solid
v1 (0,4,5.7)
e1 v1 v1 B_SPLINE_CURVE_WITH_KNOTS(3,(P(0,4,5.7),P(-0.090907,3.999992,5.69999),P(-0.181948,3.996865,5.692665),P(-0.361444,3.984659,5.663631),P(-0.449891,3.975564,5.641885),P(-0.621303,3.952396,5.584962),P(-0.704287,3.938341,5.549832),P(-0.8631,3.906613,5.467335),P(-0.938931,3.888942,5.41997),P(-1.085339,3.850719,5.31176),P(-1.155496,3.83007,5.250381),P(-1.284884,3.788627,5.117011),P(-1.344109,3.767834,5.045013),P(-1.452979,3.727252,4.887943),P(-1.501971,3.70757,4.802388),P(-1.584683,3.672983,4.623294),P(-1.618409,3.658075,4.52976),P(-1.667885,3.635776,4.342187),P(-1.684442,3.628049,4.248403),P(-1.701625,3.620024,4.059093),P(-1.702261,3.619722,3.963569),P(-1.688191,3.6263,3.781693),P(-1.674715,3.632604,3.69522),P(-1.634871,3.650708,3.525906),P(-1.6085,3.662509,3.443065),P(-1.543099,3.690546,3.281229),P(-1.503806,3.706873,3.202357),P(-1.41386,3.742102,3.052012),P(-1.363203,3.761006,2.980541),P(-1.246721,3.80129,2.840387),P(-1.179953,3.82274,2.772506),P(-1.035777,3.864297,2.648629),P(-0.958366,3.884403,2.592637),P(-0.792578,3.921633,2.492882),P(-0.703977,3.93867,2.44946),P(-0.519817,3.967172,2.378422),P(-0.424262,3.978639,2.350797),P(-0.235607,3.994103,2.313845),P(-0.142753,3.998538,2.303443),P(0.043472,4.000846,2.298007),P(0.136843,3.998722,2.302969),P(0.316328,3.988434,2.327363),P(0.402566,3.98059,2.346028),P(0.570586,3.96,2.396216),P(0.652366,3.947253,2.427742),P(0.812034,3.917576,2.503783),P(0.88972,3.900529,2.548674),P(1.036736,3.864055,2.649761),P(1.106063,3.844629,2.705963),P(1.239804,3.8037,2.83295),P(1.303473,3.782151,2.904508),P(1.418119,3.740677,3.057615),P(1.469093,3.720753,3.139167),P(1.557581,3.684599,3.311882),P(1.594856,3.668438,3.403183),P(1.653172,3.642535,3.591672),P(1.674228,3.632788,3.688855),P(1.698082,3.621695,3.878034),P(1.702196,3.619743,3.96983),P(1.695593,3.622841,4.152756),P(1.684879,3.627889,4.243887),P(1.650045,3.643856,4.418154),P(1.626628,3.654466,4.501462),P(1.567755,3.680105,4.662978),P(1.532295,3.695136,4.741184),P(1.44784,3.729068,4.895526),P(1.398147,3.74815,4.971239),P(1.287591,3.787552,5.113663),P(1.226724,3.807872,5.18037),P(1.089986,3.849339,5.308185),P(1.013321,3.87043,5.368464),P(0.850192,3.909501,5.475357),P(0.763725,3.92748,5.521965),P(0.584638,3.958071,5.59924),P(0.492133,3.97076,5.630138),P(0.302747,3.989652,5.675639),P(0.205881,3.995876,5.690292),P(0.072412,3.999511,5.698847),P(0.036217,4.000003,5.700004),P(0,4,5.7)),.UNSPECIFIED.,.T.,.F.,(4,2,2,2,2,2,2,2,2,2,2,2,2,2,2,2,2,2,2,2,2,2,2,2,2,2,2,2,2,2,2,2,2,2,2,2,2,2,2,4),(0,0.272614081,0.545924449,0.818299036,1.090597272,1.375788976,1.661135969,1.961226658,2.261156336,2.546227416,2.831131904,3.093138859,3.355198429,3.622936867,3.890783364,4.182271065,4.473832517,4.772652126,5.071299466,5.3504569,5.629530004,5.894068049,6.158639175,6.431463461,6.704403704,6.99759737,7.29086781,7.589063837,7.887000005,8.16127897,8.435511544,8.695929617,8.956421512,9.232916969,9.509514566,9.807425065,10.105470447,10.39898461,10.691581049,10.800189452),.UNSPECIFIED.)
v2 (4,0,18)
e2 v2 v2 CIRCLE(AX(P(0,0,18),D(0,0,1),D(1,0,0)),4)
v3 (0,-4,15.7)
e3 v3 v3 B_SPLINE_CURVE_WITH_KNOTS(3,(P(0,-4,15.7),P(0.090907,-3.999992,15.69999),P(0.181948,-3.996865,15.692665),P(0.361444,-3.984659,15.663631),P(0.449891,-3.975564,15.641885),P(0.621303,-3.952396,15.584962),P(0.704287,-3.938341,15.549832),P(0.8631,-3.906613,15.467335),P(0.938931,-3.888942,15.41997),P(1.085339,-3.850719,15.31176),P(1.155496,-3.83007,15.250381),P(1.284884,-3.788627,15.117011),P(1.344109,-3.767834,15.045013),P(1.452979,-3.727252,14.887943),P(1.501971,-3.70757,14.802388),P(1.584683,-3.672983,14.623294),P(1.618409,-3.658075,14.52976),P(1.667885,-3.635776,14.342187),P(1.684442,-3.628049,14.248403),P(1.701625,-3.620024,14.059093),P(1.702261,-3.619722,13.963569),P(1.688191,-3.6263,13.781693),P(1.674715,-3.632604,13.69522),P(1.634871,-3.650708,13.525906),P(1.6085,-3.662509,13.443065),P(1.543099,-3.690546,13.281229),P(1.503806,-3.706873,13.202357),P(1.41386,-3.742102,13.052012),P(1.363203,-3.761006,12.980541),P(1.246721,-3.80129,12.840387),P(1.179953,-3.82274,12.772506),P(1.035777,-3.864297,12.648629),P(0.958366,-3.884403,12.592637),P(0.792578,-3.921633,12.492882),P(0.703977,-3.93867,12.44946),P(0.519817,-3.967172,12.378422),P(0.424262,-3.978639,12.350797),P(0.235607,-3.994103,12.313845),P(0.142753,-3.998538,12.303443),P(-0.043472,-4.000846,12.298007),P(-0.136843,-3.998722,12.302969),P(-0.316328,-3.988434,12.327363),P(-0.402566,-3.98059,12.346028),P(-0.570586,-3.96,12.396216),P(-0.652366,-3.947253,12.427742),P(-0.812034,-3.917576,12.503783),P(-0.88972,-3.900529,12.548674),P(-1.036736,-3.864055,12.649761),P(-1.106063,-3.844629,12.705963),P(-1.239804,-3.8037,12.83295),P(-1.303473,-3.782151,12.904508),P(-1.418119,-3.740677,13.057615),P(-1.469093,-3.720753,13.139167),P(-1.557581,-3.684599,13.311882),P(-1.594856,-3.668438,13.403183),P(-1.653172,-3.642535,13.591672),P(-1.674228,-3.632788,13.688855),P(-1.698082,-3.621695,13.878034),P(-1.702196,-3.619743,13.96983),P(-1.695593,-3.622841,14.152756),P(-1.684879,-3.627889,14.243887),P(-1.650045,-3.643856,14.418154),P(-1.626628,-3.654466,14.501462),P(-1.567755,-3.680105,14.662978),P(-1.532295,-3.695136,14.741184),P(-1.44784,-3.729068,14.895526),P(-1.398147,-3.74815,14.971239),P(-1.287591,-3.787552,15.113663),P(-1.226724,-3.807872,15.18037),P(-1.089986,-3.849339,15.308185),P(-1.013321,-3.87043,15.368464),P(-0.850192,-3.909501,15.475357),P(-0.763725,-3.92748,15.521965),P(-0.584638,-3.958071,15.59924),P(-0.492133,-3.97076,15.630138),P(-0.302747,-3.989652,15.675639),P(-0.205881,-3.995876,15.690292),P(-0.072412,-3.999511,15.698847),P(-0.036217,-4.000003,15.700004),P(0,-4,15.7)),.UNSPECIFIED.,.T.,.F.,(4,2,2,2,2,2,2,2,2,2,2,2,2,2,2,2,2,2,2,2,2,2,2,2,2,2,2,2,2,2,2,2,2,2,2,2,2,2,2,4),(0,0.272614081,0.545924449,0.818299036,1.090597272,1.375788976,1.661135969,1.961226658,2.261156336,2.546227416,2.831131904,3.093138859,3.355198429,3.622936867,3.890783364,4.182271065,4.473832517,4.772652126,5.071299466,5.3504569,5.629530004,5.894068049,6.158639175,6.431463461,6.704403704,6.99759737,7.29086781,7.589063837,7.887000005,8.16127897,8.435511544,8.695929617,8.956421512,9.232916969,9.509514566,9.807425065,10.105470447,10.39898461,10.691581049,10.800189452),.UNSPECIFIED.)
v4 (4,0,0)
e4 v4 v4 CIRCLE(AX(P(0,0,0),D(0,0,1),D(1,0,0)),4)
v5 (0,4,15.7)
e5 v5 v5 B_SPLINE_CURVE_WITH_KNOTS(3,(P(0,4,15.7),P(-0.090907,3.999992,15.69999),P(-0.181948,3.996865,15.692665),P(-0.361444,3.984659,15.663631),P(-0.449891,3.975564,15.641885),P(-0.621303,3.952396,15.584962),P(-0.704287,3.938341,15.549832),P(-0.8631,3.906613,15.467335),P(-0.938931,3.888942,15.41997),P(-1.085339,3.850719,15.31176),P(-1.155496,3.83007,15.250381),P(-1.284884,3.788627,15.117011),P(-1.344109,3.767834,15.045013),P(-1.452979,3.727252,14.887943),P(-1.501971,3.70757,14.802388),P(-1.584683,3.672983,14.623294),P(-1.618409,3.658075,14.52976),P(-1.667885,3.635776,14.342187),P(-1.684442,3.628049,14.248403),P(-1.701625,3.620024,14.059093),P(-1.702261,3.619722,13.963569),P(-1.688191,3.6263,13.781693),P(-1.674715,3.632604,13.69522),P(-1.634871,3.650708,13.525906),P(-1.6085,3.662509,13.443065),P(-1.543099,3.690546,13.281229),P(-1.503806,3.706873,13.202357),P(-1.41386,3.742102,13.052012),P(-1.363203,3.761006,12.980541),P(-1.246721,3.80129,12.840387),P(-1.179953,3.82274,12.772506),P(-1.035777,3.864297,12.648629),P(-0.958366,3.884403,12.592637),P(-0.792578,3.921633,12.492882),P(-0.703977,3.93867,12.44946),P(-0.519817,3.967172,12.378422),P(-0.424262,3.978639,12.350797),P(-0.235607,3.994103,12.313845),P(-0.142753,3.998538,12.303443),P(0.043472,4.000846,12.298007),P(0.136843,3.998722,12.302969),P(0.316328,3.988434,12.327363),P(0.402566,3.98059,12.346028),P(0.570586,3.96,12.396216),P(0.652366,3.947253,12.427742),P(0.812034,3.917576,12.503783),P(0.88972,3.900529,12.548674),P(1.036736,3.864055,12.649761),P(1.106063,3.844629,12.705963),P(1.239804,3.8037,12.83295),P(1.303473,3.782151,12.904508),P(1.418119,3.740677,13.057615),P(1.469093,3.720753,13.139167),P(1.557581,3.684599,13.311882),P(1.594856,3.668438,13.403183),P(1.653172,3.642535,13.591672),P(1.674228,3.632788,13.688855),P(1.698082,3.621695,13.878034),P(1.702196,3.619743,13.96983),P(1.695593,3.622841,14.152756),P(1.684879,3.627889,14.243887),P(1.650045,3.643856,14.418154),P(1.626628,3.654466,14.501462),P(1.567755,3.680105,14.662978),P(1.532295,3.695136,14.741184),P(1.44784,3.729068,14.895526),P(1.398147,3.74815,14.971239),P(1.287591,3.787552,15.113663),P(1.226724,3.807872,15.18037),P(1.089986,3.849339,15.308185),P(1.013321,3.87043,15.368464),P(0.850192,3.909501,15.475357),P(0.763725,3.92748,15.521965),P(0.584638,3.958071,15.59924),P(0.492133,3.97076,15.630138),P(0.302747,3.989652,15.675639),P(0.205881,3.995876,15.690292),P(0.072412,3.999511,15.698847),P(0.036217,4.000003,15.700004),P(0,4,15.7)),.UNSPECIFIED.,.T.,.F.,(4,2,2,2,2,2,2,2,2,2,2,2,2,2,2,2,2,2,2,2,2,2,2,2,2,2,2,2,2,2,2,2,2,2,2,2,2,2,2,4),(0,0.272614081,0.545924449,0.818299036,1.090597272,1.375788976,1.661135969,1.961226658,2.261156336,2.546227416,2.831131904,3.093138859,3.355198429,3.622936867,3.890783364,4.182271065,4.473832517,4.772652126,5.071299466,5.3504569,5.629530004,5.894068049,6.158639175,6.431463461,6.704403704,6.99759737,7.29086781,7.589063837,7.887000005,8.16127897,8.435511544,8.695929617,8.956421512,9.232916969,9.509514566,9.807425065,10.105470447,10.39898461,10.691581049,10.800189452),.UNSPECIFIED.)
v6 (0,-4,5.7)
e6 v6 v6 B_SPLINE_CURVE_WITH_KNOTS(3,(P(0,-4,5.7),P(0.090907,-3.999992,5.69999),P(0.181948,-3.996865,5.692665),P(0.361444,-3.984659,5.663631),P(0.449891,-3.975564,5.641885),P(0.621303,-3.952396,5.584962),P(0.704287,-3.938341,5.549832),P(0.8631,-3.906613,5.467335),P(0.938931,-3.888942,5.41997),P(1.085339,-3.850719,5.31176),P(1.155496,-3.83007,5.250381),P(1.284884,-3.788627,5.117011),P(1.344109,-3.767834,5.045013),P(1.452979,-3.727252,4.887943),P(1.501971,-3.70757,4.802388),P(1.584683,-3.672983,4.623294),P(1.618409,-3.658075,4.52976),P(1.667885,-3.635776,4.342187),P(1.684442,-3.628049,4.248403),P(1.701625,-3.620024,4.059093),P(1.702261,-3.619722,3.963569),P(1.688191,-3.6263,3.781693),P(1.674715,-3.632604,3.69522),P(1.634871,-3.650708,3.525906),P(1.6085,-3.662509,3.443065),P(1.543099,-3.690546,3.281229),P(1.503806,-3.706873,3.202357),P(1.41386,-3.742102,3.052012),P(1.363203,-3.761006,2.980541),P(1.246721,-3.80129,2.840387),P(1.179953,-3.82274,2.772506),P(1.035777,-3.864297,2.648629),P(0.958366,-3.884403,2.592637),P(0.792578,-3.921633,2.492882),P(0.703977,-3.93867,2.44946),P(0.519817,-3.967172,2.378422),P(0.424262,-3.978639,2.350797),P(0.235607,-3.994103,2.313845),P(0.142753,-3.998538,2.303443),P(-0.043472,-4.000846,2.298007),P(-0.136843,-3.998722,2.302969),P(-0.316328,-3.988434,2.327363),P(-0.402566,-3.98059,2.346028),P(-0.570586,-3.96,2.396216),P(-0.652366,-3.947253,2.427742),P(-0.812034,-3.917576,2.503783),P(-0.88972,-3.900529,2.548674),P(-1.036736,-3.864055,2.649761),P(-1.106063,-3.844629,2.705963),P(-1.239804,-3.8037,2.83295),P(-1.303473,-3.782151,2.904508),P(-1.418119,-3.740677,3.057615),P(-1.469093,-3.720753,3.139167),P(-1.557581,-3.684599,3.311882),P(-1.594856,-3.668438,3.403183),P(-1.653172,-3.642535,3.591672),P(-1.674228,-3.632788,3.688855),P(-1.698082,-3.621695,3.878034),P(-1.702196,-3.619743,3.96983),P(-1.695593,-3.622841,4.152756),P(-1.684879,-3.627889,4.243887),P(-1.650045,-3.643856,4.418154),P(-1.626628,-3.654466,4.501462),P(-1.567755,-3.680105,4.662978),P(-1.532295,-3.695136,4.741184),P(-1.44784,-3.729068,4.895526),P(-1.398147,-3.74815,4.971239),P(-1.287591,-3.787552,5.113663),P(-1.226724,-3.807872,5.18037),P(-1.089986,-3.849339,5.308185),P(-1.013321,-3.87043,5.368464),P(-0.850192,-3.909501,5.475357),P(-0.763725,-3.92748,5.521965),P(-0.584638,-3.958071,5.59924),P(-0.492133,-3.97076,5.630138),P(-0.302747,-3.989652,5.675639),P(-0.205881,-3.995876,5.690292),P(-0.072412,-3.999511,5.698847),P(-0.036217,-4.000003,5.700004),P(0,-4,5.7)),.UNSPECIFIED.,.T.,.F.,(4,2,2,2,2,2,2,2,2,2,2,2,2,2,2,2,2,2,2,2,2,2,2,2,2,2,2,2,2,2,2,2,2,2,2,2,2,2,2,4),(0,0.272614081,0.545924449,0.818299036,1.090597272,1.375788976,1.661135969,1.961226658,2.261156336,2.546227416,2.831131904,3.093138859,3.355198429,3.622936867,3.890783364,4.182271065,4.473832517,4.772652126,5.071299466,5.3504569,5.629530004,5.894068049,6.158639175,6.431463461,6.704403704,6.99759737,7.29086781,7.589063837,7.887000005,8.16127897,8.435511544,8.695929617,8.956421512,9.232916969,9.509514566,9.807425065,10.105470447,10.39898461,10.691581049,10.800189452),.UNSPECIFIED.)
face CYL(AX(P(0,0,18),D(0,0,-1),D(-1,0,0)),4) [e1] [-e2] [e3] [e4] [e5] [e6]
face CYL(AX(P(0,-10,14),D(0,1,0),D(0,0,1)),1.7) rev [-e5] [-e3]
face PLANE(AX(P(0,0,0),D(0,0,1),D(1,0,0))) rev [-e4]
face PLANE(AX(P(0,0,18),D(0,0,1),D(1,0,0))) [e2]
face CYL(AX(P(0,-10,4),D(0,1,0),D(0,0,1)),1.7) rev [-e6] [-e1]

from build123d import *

# Parameters (mm, degrees)
SKETCH_1_R               = 4
EXTRUDE_1_DEPTH          = 18
CUT_EXTRUDE_1_DEPTH      = 10
CUT_EXTRUDE_1_DEPTH_BACK = 10
SKETCH_2_R               = 1.7


with BuildPart() as part:
    # 草图1 → 拉伸1 (new body)
    with BuildSketch(Plane.XY):
        Circle(SKETCH_1_R)
    extrude(amount=EXTRUDE_1_DEPTH)

    # 草图2 → 切除-拉伸1 (cut, two sides: drawn at the far end of the back side and taken through both)
    with BuildSketch(Plane(origin=(0, 0, 0), x_dir=(1, 0, 0), z_dir=(0, 1, 0)).offset(-CUT_EXTRUDE_1_DEPTH_BACK)):
        with Locations((0, -4)):
            Circle(SKETCH_2_R)
        with Locations((0, -14)):
            Circle(SKETCH_2_R)
    extrude(amount=CUT_EXTRUDE_1_DEPTH + CUT_EXTRUDE_1_DEPTH_BACK, mode=Mode.SUBTRACT)


solid = part.part
